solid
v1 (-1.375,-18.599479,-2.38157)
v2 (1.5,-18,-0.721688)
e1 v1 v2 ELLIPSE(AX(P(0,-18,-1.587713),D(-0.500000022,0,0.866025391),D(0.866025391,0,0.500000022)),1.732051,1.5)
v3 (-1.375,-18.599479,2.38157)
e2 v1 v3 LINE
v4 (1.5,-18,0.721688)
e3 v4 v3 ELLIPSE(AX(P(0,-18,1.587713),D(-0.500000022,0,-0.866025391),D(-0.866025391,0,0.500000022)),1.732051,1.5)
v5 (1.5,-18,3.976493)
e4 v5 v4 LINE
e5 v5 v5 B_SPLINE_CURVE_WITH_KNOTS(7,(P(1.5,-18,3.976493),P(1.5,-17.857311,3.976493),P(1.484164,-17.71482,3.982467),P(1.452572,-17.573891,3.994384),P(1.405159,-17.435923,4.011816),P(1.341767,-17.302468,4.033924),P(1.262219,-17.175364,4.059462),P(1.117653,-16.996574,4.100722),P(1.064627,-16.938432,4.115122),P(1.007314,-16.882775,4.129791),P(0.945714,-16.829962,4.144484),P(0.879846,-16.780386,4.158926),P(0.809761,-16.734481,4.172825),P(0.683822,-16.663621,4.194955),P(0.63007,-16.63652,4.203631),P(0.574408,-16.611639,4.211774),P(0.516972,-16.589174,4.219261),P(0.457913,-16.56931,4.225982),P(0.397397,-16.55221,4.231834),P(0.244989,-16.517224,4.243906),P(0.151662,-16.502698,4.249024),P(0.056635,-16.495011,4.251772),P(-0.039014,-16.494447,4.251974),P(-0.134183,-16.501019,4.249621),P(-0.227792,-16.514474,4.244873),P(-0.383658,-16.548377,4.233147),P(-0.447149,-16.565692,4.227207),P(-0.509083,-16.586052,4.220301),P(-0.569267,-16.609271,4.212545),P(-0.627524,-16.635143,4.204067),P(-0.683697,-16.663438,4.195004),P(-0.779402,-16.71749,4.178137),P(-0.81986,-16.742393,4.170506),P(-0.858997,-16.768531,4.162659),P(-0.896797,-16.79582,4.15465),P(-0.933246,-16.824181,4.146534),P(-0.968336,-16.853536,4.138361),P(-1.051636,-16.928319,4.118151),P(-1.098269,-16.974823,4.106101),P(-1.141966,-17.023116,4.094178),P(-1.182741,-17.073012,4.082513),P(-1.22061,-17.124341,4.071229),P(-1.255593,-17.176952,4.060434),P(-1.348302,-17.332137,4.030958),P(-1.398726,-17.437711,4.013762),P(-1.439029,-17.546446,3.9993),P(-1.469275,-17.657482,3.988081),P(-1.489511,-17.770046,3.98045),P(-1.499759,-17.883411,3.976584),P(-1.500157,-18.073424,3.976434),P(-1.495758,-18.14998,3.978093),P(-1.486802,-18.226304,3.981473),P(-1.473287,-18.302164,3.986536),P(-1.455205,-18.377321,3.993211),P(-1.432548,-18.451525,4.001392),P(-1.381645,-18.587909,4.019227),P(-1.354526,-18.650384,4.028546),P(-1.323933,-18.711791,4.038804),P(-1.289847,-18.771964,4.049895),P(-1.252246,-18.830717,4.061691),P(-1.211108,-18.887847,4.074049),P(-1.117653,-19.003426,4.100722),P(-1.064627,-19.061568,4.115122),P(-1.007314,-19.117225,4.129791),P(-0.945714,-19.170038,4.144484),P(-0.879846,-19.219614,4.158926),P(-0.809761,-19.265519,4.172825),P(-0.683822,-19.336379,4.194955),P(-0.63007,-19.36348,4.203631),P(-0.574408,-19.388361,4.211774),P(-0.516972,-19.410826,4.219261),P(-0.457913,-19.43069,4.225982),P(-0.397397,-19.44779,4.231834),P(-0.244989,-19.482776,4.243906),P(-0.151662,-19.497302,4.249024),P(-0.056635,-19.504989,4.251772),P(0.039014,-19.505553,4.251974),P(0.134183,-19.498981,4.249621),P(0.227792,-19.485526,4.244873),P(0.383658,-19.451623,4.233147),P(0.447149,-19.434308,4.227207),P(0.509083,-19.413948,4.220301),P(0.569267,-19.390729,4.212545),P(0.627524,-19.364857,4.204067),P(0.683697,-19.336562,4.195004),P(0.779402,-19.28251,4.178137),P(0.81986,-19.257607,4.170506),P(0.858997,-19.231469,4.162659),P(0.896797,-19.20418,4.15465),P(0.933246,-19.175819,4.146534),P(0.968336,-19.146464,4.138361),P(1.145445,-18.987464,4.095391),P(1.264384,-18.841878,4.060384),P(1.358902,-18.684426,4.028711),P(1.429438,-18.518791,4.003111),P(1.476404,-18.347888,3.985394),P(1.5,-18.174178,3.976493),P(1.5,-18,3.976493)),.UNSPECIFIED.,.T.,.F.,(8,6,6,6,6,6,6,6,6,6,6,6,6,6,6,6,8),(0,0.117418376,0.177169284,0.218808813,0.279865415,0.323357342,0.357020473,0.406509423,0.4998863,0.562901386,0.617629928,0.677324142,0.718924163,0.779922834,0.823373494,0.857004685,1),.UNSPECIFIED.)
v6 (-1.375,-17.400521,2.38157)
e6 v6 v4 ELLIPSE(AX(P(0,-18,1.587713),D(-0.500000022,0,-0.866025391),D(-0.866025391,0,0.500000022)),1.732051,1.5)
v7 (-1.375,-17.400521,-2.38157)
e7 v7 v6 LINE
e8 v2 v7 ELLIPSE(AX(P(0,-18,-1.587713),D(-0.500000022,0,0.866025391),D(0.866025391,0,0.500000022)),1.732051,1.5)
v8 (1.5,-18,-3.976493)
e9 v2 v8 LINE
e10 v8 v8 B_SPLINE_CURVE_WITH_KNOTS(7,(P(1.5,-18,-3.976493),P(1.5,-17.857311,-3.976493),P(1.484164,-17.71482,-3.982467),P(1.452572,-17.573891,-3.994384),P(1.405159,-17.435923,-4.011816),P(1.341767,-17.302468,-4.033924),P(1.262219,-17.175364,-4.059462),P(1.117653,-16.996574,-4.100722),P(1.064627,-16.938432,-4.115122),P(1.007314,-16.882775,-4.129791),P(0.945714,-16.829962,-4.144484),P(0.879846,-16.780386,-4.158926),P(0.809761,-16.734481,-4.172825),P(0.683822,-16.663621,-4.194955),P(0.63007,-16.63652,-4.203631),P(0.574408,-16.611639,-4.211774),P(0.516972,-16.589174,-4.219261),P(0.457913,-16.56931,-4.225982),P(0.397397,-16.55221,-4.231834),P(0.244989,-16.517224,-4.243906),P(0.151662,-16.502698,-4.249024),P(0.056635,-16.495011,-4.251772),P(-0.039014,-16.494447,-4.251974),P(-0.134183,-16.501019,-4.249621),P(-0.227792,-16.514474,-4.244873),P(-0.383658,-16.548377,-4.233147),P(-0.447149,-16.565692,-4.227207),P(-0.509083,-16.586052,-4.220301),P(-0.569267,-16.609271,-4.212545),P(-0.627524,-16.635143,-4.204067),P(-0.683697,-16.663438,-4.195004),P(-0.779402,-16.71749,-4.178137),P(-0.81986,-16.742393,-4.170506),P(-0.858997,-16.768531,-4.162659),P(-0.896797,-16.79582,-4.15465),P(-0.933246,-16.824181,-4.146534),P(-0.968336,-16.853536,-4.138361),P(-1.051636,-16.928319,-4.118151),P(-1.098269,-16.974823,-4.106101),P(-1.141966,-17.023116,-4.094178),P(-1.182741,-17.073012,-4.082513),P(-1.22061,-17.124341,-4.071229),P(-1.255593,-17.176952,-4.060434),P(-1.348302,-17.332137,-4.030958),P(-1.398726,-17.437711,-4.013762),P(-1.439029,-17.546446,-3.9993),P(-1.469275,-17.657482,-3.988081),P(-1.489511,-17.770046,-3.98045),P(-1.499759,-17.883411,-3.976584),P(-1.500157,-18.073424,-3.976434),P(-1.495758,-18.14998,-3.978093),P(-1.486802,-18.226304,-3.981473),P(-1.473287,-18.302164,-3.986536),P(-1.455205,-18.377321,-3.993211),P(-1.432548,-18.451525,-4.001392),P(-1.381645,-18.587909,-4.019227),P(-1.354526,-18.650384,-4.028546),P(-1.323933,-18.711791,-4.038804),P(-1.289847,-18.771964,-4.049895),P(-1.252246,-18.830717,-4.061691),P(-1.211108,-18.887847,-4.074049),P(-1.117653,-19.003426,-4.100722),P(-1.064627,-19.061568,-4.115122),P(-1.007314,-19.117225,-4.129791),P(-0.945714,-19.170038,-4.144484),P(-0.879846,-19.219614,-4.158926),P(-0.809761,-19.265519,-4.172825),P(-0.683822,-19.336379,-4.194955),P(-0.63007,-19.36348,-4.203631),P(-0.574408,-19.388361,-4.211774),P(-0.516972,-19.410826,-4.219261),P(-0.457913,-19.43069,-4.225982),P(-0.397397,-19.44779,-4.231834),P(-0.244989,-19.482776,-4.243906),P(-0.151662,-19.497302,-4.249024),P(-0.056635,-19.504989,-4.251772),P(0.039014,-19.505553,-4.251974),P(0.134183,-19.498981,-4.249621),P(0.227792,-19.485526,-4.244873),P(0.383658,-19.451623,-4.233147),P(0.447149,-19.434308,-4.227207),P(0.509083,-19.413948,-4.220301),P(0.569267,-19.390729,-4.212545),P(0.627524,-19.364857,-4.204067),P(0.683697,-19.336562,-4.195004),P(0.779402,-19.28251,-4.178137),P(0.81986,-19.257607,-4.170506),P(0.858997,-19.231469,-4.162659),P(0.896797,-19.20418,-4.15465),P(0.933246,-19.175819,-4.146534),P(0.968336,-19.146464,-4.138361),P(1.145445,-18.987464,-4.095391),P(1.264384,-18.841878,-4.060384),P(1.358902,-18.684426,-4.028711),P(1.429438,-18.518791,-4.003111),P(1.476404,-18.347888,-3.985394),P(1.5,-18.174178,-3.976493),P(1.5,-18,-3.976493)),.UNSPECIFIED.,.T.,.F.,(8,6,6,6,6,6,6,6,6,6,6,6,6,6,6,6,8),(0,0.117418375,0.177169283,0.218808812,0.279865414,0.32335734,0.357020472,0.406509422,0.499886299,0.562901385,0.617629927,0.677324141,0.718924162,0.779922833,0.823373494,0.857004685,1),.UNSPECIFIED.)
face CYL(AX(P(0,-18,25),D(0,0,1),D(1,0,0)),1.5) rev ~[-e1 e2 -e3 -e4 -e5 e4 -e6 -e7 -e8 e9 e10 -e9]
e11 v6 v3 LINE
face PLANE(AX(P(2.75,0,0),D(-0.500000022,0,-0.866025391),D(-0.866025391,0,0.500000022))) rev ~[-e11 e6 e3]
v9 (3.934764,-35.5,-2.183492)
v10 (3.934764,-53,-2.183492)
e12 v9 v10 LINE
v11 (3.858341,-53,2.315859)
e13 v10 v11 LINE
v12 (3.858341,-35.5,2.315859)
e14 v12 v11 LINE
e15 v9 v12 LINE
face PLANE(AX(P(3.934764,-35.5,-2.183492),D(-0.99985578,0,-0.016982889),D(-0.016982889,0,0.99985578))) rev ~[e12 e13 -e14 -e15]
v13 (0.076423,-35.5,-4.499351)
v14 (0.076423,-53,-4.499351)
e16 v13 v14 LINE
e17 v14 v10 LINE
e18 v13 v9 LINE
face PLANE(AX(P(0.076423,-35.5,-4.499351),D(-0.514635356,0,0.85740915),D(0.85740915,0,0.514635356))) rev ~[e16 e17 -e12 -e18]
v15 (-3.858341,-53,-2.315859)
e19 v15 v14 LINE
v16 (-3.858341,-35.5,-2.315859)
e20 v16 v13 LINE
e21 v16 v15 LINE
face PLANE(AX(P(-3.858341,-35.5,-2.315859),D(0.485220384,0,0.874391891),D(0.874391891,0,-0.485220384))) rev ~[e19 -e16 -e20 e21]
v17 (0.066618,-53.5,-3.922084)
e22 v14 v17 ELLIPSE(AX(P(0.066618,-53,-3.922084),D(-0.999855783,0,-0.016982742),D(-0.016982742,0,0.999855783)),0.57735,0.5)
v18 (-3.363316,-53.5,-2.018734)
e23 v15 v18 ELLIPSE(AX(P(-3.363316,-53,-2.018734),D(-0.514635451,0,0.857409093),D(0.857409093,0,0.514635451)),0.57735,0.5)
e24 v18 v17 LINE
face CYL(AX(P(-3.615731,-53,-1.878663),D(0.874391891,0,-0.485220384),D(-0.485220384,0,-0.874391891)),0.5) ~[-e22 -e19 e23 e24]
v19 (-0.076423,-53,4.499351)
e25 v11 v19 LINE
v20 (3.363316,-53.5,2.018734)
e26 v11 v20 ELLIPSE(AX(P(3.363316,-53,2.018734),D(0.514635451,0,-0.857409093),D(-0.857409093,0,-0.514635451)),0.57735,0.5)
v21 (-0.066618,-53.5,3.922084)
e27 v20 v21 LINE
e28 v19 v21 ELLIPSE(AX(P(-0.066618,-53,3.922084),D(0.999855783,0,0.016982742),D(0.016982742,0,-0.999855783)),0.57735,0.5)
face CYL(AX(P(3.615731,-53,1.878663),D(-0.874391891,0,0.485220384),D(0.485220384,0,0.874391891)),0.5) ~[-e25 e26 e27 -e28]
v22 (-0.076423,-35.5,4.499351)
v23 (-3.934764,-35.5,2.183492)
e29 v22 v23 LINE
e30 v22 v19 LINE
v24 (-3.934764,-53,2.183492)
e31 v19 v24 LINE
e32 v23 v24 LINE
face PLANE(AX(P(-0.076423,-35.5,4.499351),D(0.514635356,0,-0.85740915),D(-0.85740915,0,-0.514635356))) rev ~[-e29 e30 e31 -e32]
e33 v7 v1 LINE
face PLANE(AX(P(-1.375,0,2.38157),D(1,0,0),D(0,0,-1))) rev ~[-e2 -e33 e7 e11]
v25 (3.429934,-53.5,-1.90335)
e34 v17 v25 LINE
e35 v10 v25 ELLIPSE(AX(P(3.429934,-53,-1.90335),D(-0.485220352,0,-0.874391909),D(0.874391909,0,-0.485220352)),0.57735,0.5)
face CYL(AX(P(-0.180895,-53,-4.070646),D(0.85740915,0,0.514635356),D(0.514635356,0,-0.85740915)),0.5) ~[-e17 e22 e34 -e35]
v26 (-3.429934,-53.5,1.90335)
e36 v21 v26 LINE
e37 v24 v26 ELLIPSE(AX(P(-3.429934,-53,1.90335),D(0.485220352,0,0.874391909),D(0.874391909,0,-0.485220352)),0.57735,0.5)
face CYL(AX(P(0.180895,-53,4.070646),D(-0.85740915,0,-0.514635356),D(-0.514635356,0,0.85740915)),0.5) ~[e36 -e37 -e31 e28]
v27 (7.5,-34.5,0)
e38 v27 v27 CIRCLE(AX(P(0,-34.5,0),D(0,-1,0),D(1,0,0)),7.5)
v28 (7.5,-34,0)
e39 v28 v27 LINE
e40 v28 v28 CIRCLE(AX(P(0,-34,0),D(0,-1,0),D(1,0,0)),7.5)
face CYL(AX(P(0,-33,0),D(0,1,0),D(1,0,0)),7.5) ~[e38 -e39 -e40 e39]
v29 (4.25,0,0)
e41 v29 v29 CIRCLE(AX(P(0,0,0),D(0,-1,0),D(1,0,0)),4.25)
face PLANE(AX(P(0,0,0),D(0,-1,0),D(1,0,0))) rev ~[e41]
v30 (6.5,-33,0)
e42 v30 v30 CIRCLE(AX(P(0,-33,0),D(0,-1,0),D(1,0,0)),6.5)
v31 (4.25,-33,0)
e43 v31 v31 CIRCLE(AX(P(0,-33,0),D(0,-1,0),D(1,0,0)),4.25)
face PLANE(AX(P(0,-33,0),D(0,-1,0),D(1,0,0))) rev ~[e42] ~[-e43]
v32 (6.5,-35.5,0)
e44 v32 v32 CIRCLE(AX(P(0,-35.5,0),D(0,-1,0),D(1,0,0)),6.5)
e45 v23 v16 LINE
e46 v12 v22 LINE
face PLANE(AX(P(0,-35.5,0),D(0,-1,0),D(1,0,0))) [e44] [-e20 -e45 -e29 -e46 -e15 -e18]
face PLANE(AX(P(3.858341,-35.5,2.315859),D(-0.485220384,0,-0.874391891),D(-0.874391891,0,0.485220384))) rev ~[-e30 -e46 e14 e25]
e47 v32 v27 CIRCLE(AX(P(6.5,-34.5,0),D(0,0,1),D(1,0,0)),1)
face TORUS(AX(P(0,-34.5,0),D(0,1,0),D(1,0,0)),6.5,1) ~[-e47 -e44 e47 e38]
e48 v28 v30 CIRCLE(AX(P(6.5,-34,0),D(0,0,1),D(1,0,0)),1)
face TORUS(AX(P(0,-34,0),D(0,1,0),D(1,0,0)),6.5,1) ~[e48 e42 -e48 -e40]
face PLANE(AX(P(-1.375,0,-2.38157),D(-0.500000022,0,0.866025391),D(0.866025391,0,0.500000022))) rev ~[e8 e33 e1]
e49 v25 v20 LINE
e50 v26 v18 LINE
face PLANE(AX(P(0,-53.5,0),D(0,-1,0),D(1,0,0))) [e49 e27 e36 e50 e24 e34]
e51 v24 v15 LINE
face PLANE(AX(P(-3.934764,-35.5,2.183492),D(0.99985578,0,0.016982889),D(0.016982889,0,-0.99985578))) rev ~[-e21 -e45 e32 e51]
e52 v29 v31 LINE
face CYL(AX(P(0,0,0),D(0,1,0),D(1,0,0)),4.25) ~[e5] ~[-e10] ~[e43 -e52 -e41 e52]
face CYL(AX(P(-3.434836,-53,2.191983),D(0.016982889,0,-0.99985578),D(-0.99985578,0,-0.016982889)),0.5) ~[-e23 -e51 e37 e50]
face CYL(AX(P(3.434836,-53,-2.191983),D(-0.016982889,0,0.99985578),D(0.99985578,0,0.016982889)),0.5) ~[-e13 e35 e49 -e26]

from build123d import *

# Parameters (mm, degrees)
F0_R      = 4.25
F1_DEPTH  = 33
F2_DEPTH  = 6
F3_R      = 7.5
F3_R_2    = 4.25
F4_DEPTH  = 2.5
F6_DEPTH  = 18
F7_R      = 0.5
F8_R      = 1
F10_R     = 1.5
F11_DEPTH = 40
F12_DEPTH = 25


with BuildPart() as f1:
    # F0 (on Front) → F1 (new body)
    with BuildSketch(Plane.XZ):
        Circle(F0_R)
        Polygon((-1.375, 2.38157), (2.75, 0), (-1.375, -2.38157), align=None, mode=Mode.SUBTRACT)
        Polygon((-1.375, -2.38157), (2.75, 0), (-1.375, 2.38157), align=None)
    extrude(amount=F1_DEPTH)

    # F0 (on Front) → F2 (cut)
    with BuildSketch(Plane.XZ):
        Polygon((-1.375, -2.38157), (2.75, 0), (-1.375, 2.38157), align=None)
    extrude(amount=F2_DEPTH, mode=Mode.SUBTRACT)

    # F3 (on face) → F4 (join)
    with BuildSketch(Plane.XZ.offset(33)):
        Circle(F3_R)
        Circle(F3_R_2, mode=Mode.SUBTRACT)
        Circle(F3_R_2)
    extrude(amount=F4_DEPTH)

    # F5 (on face) → F6 (join)
    with BuildSketch(Plane.XZ.offset(35.5)):
        Polygon((0.076423, -4.499351), (3.934764, -2.183492), (3.858341, 2.315859), (-0.076423, 4.499351), (-3.934764, 2.183492), (-3.858341, -2.315859), align=None)
    extrude(amount=F6_DEPTH)

    # F7
    f7_edges = [f1.edges().sort_by_distance(p)[0] for p in [
        (2.005593, -53.5, -3.341421),
        (-1.890959, -53.5, -3.407605),
        (-3.896552, -53.5, -0.066184),
        (-2.005593, -53.5, 3.341421),
        (1.890959, -53.5, 3.407605),
        (3.896552, -53.5, 0.066184),
    ]]
    fillet(f7_edges, radius=F7_R)

    # F8
    f8_edges = [f1.edges().sort_by_distance(p)[0] for p in [
        (-7.5, -35.5, 0),
        (-7.5, -33, 0),
    ]]
    fillet(f8_edges, radius=F8_R)

    # F10 (on offset) → F11 (cut)
    with BuildSketch(Plane.XY.offset(25)):
        with Locations((0, -18)):
            Circle(F10_R)
    extrude(amount=-F11_DEPTH, mode=Mode.SUBTRACT)

    # F0 (on Front) → F12 (join)
    with BuildSketch(Plane.XZ):
        Polygon((-1.375, -2.38157), (2.75, 0), (-1.375, 2.38157), align=None)
    extrude(amount=F12_DEPTH)


solid = f1.part
